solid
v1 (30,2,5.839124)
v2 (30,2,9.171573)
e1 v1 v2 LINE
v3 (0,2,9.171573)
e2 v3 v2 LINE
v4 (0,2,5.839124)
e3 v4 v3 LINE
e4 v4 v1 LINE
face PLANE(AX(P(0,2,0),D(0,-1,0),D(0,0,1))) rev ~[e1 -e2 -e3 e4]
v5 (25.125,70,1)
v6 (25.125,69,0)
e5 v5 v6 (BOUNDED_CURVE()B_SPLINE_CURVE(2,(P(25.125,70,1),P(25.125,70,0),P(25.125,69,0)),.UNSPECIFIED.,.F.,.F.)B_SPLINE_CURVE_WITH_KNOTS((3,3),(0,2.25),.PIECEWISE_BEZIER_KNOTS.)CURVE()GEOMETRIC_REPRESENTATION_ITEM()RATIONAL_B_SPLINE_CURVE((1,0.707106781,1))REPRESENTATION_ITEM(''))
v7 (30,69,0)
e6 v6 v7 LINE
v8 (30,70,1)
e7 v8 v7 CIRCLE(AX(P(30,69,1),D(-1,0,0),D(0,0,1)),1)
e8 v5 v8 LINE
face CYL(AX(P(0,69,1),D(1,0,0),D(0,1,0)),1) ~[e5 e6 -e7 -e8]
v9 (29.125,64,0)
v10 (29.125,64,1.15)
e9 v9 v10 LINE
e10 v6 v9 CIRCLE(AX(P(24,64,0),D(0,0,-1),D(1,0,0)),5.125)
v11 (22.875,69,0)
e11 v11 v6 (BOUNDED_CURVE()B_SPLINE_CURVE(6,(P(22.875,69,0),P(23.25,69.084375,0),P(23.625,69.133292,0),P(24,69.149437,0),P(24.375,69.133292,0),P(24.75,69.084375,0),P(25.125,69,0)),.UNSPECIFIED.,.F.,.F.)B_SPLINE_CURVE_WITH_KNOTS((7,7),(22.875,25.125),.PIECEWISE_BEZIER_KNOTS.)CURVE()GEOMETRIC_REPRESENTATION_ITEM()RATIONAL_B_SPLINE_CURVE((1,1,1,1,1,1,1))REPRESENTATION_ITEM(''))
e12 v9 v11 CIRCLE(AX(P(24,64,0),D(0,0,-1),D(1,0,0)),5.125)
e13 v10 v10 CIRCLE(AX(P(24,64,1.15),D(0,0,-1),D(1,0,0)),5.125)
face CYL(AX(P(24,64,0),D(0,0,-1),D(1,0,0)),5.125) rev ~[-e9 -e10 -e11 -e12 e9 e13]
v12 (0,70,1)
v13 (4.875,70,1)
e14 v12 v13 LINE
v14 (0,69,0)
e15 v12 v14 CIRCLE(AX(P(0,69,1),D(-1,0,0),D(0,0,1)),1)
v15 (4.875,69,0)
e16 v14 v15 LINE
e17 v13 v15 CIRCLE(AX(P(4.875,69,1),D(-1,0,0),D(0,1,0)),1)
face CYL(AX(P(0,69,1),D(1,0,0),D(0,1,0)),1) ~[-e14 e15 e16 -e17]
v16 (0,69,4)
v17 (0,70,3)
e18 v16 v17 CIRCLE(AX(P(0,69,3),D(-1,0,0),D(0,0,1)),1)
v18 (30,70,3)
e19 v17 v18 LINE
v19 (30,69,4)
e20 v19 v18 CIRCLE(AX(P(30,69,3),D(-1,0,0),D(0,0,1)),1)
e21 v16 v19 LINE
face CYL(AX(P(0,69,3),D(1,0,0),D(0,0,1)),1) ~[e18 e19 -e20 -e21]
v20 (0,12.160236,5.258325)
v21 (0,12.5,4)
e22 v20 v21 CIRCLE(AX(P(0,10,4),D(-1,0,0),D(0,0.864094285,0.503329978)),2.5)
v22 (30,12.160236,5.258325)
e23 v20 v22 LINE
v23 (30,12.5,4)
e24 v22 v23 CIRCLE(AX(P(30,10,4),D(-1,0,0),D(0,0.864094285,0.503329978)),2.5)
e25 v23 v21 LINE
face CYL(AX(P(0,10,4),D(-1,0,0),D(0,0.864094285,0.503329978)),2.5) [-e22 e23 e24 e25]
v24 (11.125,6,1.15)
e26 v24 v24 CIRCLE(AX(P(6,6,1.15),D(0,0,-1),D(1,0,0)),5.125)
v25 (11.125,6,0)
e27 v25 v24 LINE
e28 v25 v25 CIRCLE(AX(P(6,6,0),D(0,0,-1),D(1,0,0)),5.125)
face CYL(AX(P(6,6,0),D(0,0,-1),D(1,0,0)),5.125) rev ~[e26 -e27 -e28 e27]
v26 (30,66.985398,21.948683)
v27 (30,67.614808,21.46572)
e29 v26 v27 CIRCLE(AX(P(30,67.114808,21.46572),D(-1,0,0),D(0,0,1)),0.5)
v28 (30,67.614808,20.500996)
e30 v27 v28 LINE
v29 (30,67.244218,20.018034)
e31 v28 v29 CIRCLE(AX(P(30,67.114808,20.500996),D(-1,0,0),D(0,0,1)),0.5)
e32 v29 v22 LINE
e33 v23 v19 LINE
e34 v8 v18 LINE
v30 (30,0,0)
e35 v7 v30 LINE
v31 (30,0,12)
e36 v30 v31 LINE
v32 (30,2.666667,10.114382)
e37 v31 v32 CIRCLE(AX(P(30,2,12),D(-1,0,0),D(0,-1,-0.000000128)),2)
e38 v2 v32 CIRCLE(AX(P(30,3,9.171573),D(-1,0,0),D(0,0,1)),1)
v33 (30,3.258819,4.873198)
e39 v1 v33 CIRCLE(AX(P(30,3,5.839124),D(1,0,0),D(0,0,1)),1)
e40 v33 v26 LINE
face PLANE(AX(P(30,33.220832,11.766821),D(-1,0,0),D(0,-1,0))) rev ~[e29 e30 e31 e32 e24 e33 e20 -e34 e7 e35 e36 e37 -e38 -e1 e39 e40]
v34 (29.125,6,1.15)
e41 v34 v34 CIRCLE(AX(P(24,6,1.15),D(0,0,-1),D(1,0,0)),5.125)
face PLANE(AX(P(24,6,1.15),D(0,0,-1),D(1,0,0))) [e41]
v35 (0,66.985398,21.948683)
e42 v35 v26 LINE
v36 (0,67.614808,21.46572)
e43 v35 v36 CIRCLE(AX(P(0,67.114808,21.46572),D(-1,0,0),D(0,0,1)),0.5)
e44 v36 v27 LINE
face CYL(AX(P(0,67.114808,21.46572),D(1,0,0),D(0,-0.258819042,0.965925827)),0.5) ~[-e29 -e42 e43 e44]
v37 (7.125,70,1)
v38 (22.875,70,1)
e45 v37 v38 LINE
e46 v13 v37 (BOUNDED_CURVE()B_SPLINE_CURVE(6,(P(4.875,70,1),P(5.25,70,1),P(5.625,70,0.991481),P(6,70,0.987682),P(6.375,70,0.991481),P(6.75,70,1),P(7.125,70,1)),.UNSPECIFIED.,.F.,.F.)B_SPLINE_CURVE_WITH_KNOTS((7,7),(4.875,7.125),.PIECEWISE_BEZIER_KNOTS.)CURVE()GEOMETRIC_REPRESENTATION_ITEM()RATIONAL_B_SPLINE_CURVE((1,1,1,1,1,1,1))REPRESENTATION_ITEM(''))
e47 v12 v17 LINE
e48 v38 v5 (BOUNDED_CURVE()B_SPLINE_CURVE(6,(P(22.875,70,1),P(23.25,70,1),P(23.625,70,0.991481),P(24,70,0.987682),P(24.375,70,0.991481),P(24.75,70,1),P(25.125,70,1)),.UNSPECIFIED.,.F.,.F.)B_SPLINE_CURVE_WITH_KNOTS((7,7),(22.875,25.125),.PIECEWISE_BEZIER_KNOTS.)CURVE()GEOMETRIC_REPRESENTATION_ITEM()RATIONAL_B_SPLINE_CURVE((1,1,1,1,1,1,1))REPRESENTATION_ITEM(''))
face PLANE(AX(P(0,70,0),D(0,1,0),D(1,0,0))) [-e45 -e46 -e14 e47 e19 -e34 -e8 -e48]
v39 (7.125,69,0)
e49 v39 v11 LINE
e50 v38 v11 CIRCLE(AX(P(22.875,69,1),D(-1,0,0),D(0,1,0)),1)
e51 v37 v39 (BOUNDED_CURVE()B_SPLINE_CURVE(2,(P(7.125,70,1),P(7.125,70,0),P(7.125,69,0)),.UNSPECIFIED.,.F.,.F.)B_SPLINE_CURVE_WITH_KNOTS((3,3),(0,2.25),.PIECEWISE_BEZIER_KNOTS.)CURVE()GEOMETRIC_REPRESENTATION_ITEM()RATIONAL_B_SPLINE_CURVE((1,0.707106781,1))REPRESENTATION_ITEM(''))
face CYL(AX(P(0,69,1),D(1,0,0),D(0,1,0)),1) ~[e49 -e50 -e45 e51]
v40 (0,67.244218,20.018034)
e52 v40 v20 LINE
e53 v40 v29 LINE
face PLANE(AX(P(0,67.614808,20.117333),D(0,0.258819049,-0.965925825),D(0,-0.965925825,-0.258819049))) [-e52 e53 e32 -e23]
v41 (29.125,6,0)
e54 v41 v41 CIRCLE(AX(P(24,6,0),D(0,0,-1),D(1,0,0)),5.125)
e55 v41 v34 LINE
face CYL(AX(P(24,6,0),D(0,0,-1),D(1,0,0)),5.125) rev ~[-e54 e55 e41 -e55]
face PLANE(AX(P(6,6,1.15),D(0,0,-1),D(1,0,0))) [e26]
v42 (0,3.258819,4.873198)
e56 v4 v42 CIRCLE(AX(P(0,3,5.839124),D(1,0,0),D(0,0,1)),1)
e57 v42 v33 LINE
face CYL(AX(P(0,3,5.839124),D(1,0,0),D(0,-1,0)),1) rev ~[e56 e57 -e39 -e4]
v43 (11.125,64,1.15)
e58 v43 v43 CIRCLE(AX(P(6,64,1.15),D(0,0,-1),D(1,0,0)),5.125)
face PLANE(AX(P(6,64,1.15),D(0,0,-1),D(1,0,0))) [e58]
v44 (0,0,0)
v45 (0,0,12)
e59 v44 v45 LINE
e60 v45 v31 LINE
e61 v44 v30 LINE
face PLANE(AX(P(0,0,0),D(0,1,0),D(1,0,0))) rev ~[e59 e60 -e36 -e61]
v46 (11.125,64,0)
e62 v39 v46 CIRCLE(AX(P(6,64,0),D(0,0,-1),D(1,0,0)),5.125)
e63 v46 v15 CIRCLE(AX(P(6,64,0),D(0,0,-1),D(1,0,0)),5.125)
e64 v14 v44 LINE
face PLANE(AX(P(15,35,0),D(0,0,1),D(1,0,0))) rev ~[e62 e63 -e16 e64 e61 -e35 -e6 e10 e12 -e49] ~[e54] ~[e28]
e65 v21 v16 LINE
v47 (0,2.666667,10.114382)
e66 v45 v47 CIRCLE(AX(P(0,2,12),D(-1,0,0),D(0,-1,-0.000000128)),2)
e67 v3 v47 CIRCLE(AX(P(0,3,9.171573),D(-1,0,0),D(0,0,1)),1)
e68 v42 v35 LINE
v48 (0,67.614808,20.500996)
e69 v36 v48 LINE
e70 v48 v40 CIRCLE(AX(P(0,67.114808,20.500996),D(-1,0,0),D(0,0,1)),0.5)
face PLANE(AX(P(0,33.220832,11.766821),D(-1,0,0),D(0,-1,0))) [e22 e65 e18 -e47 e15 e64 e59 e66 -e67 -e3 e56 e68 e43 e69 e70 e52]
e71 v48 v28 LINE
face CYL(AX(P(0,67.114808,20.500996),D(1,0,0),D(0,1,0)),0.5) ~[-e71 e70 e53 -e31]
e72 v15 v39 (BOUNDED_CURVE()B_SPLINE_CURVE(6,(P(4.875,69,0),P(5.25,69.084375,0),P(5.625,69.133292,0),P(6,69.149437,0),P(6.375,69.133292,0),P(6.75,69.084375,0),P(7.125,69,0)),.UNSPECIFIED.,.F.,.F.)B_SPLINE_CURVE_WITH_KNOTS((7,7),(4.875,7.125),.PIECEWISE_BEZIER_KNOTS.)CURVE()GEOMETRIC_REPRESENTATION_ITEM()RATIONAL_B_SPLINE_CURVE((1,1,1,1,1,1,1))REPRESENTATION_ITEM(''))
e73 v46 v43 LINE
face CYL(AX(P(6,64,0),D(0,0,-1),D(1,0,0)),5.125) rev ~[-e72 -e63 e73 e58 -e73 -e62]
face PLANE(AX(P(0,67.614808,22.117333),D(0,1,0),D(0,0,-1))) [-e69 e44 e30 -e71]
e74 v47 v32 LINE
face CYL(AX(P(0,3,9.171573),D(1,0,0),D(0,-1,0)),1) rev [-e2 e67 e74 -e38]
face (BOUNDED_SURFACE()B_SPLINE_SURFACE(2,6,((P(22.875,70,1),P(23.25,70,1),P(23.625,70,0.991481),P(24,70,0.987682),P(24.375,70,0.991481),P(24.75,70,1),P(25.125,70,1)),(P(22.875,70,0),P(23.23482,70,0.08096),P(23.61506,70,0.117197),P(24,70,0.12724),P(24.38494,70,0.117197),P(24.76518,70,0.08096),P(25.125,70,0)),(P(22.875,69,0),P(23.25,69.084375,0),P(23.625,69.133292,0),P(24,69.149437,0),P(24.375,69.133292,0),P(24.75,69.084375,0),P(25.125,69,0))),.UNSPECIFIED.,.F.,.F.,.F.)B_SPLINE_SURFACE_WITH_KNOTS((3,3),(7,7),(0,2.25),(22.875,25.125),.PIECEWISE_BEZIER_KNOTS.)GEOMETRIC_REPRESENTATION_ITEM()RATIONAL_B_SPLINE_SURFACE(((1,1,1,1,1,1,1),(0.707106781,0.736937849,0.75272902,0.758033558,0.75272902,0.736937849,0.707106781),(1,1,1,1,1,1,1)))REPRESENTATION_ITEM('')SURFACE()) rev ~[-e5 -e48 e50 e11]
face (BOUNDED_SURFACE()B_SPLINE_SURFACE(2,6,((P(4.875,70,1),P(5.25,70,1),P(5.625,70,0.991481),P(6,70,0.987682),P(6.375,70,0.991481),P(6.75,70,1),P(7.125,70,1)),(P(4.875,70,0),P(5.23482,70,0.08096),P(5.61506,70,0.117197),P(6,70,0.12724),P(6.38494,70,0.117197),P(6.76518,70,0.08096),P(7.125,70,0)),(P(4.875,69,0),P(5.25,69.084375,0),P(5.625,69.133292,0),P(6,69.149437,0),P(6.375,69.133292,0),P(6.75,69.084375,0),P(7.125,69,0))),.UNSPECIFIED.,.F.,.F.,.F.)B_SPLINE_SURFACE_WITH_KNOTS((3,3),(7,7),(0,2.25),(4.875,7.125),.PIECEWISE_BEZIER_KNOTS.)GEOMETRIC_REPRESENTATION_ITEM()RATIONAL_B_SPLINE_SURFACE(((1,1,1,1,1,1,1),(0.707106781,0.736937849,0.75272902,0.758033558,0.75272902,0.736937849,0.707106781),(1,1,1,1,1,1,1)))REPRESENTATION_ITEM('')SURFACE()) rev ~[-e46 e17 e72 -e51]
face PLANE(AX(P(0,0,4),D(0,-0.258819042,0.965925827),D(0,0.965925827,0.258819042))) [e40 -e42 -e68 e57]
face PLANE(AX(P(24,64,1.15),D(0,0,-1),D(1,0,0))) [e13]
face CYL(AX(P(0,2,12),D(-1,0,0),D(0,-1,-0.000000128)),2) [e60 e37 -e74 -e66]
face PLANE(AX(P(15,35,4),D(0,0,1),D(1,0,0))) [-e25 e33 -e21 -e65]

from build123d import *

# Parameters (mm, degrees)
SKETCH_W     = 30
SKETCH_H     = 70
PAD_DEPTH    = 4
PAD001_DEPTH = 30
PAD002_DEPTH = 30
SKETCH003_R  = 5.125
POCKET_DEPTH = 1.15
FILLET_R     = 0.5
FILLET001_R  = 0.5
FILLET002_R  = 1
FILLET003_R  = 1
FILLET004_R  = 1
FILLET005_R  = 1


with BuildPart() as part:
    # Sketch → Pad (new body)
    with BuildSketch(Plane.XY):
        with Locations((15, 35)):
            Rectangle(SKETCH_W, SKETCH_H)
    extrude(amount=PAD_DEPTH)

    # Sketch001 (on Face4 of Pad) → Pad001 (join)
    with BuildSketch(Plane(origin=(0, 0, 0), x_dir=(0, -1, 0), z_dir=(-1, 0, 0))):
        with BuildLine():
            Line((0, 4), (-67.614808, 22.117333))
            Line((-67.614808, 22.117333), (-67.614808, 20.117333))
            Line((-67.614808, 20.117333), (-12.160236, 5.258325))
            ThreePointArc((-12.160236, 5.258325), (-10.651694, 1.586435), (-7.5, 4))
            Line((-7.5, 4), (0, 2))
            Line((0, 2), (0, 4))
        make_face()
    extrude(amount=-PAD001_DEPTH)

    # Sketch002 (on Face5 of Pad001) → Pad002 (join)
    with BuildSketch(Plane(origin=(0, 0, 0), x_dir=(0, -1, 0), z_dir=(-1, 0, 0))):
        with BuildLine():
            Line((0, 0), (-2, 0))
            Line((-2, 0), (-2, 10))
            ThreePointArc((0, 12), (-3.414214, 13.414214), (-2, 10))
            Line((0, 12), (0, 0))
        make_face()
    extrude(amount=-PAD002_DEPTH)

    # Sketch003 (on Face6 of Pad002) → Pocket (cut)
    with BuildSketch(Plane(origin=(0, 0, 0), x_dir=(1, 0, 0), z_dir=(0, 0, -1))):
        with Locations((6, -6)):
            Circle(SKETCH003_R)
        with Locations((24, -6)):
            Circle(SKETCH003_R)
        with Locations((6, -64)):
            Circle(SKETCH003_R)
        with Locations((24, -64)):
            Circle(SKETCH003_R)
    extrude(amount=-POCKET_DEPTH, mode=Mode.SUBTRACT)

    # Fillet
    fillet_edges = [part.edges().sort_by_distance(p)[0] for p in [
        (15, 67.614808, 22.117333),
    ]]
    fillet(fillet_edges, radius=FILLET_R)

    # Fillet001
    fillet001_edges = [part.edges().sort_by_distance(p)[0] for p in [
        (15, 67.614808, 20.117333),
    ]]
    fillet(fillet001_edges, radius=FILLET001_R)

    # Fillet002
    fillet002_edges = [part.edges().sort_by_distance(p)[0] for p in [
        (15, 70, 4),
    ]]
    fillet(fillet002_edges, radius=FILLET002_R)

    # Fillet003
    fillet003_edges = [part.edges().sort_by_distance(p)[0] for p in [
        (15, 70, 0),
    ]]
    fillet(fillet003_edges, radius=FILLET003_R)

    # Fillet004
    fillet004_edges = [part.edges().sort_by_distance(p)[0] for p in [
        (15, 2, 4.535898),
    ]]
    fillet(fillet004_edges, radius=FILLET004_R)

    # Fillet005
    fillet005_edges = [part.edges().sort_by_distance(p)[0] for p in [
        (15, 2, 10),
    ]]
    fillet(fillet005_edges, radius=FILLET005_R)


solid = part.part
